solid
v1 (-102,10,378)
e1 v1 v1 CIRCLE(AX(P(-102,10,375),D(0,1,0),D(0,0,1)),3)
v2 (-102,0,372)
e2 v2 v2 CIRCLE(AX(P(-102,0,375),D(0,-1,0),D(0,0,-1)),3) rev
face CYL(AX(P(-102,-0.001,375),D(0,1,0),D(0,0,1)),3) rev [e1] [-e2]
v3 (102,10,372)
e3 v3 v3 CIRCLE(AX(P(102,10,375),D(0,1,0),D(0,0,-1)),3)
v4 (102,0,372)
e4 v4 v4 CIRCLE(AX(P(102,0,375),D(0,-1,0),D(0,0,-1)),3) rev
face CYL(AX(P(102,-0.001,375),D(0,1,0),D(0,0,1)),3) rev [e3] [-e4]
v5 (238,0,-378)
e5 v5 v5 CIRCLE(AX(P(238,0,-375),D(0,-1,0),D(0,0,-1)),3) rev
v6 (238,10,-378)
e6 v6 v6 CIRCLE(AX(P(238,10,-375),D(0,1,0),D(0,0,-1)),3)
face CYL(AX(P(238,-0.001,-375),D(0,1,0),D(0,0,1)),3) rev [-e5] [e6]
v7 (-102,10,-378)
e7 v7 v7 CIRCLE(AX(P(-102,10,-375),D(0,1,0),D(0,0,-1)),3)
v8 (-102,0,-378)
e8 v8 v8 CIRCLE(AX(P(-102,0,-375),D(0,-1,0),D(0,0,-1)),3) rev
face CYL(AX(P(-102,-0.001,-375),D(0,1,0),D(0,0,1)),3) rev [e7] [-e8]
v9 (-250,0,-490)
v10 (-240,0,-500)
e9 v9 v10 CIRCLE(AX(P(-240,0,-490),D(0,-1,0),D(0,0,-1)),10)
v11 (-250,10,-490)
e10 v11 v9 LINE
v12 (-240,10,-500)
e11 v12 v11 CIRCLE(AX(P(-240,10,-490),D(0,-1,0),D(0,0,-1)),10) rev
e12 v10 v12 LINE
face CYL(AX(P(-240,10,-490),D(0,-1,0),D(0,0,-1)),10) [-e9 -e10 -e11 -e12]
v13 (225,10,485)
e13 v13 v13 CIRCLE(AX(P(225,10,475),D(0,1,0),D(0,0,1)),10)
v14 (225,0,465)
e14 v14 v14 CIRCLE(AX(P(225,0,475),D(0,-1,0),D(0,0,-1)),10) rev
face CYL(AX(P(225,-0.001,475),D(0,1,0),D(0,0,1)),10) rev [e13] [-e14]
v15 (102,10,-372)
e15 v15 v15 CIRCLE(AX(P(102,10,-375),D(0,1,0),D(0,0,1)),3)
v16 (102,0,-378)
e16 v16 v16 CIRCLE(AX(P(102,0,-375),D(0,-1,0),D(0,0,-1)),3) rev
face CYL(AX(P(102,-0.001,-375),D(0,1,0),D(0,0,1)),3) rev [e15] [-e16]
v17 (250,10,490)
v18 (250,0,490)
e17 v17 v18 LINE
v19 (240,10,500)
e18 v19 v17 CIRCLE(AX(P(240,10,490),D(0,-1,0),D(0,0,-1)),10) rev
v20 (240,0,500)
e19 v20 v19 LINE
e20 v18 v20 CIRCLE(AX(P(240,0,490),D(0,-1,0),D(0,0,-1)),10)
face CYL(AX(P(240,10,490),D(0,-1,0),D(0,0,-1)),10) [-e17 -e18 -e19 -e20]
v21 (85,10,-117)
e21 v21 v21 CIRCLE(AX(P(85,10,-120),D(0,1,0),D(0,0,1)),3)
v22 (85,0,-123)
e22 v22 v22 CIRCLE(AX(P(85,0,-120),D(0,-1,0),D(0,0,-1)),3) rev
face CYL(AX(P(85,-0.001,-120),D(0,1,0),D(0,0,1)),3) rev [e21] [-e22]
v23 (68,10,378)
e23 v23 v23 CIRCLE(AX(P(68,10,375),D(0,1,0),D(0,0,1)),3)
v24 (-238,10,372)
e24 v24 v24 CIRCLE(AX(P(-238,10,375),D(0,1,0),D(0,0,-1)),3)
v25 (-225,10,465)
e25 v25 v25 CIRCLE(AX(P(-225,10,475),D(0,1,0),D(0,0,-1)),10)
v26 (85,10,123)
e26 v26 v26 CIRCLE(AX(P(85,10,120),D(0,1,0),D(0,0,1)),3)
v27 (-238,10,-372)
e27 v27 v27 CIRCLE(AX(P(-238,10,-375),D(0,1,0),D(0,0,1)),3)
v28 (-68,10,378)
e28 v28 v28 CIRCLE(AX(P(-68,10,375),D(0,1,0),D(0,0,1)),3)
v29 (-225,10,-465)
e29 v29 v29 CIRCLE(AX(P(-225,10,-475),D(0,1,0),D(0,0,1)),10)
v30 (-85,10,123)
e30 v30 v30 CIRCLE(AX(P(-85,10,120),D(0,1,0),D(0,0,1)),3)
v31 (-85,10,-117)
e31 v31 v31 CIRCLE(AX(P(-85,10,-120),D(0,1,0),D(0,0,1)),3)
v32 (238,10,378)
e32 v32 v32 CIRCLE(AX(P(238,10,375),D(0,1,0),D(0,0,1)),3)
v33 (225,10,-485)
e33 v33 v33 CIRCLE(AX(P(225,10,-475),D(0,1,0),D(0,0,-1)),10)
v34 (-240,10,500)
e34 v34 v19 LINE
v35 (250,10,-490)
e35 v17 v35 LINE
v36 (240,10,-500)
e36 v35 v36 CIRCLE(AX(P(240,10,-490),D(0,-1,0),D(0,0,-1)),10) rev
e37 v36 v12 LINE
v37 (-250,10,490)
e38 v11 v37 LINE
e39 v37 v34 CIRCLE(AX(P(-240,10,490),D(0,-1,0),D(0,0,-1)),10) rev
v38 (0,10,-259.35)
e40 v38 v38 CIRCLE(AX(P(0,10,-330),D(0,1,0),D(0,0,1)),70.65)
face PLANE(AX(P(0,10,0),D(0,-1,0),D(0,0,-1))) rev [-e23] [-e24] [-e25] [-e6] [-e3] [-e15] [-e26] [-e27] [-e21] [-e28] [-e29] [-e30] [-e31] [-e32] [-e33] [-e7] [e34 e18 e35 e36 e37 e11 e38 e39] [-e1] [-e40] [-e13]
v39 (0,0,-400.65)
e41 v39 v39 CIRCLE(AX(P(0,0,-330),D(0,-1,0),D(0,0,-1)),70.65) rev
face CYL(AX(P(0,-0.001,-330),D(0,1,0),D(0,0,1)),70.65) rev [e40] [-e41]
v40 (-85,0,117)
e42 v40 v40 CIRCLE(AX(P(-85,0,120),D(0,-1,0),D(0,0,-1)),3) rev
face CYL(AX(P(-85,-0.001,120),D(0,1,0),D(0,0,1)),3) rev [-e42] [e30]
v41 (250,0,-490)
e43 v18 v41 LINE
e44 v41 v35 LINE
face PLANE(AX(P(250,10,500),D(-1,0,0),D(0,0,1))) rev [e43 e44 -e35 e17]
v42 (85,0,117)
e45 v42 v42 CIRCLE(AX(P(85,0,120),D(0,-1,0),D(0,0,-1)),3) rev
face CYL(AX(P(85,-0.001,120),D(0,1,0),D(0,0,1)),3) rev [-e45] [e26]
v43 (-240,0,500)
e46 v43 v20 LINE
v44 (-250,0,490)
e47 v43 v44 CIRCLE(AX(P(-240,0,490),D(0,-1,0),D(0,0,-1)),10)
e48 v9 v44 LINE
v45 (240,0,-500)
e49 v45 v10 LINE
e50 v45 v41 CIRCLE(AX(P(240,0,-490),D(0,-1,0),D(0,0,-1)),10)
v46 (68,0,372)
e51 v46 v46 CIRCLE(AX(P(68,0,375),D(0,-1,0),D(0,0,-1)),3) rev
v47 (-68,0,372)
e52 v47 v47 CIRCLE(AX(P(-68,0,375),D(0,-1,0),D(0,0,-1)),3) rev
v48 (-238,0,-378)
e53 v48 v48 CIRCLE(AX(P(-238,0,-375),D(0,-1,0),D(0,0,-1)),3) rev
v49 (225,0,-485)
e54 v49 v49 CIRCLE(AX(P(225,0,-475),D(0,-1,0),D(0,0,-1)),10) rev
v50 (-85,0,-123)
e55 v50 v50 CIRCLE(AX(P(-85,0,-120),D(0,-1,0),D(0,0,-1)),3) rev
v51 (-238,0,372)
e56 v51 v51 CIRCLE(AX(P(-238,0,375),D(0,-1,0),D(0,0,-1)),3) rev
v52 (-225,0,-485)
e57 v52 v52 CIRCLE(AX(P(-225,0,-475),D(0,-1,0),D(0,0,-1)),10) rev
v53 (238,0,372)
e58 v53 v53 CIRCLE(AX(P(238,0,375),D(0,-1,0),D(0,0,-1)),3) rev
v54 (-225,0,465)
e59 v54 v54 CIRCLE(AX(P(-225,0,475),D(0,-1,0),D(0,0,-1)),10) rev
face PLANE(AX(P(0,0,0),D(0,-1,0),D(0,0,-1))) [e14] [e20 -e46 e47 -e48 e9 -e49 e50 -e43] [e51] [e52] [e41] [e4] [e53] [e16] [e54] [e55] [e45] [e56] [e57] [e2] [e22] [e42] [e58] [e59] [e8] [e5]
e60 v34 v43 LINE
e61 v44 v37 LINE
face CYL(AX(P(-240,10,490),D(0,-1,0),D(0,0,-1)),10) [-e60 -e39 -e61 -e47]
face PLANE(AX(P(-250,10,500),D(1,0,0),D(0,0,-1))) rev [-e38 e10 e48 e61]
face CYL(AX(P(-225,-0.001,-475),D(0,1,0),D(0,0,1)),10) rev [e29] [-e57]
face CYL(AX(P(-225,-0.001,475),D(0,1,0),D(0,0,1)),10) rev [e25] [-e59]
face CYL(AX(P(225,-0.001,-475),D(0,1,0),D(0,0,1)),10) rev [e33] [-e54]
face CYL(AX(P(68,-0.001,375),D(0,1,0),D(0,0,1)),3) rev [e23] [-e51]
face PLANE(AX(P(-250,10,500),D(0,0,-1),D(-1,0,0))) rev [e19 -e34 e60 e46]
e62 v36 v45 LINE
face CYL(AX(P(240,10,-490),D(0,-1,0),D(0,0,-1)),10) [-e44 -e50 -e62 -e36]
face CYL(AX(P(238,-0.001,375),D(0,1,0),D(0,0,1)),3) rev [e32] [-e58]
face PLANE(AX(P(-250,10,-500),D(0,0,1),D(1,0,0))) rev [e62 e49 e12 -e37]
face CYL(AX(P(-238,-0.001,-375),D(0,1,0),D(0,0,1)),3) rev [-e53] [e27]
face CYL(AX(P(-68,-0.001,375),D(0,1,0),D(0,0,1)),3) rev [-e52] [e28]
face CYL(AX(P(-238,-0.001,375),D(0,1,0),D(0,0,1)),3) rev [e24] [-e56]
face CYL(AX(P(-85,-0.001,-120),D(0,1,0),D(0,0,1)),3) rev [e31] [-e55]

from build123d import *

# Parameters (mm, degrees)
SKETCH1_W                  = 500
SKETCH1_H                  = 1000
BOSS_EXTRUDE1_DEPTH        = 10
LO_BAT_XUONG_DAT_REACH     = 12
SKETCH2_R                  = 10
FILLET1_R                  = 10
CUT_EXTRUDE2_REACH         = 12
SKETCH3_R                  = 70.65
BAT_CHAN_DE_KHOP_NOI_REACH = 12
SKETCH4_R                  = 3
CUT_EXTRUDE3_REACH         = 12
SKETCH6_R                  = 3


with BuildPart() as part:
    # Sketch1 → Boss-Extrude1 (new body)
    with BuildSketch(Plane(origin=(0, 0, 0), x_dir=(1, 0, 0), z_dir=(0, 1, 0))):
        Rectangle(SKETCH1_W, SKETCH1_H)
    extrude(amount=BOSS_EXTRUDE1_DEPTH)

    # Sketch2 → lo bat xuong dat (cut, up to next)
    with BuildSketch(Plane(origin=(0, 10, 0), x_dir=(1, 0, 0), z_dir=(0, 1, 0)), mode=Mode.PRIVATE) as lo_bat_xuong_dat_sk1:
        with Locations((-225, 475)):
            Circle(SKETCH2_R)
    lo_bat_xuong_dat_tool1 = extrude(lo_bat_xuong_dat_sk1.sketch, amount=-LO_BAT_XUONG_DAT_REACH, mode=Mode.PRIVATE) & part.part
    add(lo_bat_xuong_dat_tool1.solids().sort_by_distance((-225, 10, -475))[0], mode=Mode.SUBTRACT)
    # Sketch2 → lo bat xuong dat (cut, up to next)
    with BuildSketch(Plane(origin=(0, 10, 0), x_dir=(1, 0, 0), z_dir=(0, 1, 0)), mode=Mode.PRIVATE) as lo_bat_xuong_dat_sk2:
        with Locations((225, 475)):
            Circle(SKETCH2_R)
    lo_bat_xuong_dat_tool2 = extrude(lo_bat_xuong_dat_sk2.sketch, amount=-LO_BAT_XUONG_DAT_REACH, mode=Mode.PRIVATE) & part.part
    add(lo_bat_xuong_dat_tool2.solids().sort_by_distance((225, 10, -475))[0], mode=Mode.SUBTRACT)
    # Sketch2 → lo bat xuong dat (cut, up to next)
    with BuildSketch(Plane(origin=(0, 10, 0), x_dir=(1, 0, 0), z_dir=(0, 1, 0)), mode=Mode.PRIVATE) as lo_bat_xuong_dat_sk3:
        with Locations((-225, -475)):
            Circle(SKETCH2_R)
    lo_bat_xuong_dat_tool3 = extrude(lo_bat_xuong_dat_sk3.sketch, amount=-LO_BAT_XUONG_DAT_REACH, mode=Mode.PRIVATE) & part.part
    add(lo_bat_xuong_dat_tool3.solids().sort_by_distance((-225, 10, 475))[0], mode=Mode.SUBTRACT)
    # Sketch2 → lo bat xuong dat (cut, up to next)
    with BuildSketch(Plane(origin=(0, 10, 0), x_dir=(1, 0, 0), z_dir=(0, 1, 0)), mode=Mode.PRIVATE) as lo_bat_xuong_dat_sk4:
        with Locations((225, -475)):
            Circle(SKETCH2_R)
    lo_bat_xuong_dat_tool4 = extrude(lo_bat_xuong_dat_sk4.sketch, amount=-LO_BAT_XUONG_DAT_REACH, mode=Mode.PRIVATE) & part.part
    add(lo_bat_xuong_dat_tool4.solids().sort_by_distance((225, 10, 475))[0], mode=Mode.SUBTRACT)

    # Fillet1
    fillet1_edges = [part.edges().sort_by_distance(p)[0] for p in [
        (250, 5, 500),
        (-250, 5, 500),
        (-250, 5, -500),
        (250, 5, -500),
    ]]
    fillet(fillet1_edges, radius=FILLET1_R)

    # Sketch3 → Cut-Extrude2 (cut, up to next)
    with BuildSketch(Plane(origin=(0, 10, 0), x_dir=(1, 0, 0), z_dir=(0, 1, 0)), mode=Mode.PRIVATE) as cut_extrude2_sk1:
        with Locations((0, 330)):
            Circle(SKETCH3_R)
    cut_extrude2_tool1 = extrude(cut_extrude2_sk1.sketch, amount=-CUT_EXTRUDE2_REACH, mode=Mode.PRIVATE) & part.part
    add(cut_extrude2_tool1.solids().sort_by_distance((0, 10, -330))[0], mode=Mode.SUBTRACT)

    # Sketch4 → bat chan de khop noi (cut, up to next)
    with BuildSketch(Plane(origin=(0, 10, 0), x_dir=(1, 0, 0), z_dir=(0, 1, 0)), mode=Mode.PRIVATE) as bat_chan_de_khop_noi_sk1:
        with Locations((-85, 120)):
            Circle(SKETCH4_R)
    bat_chan_de_khop_noi_tool1 = extrude(bat_chan_de_khop_noi_sk1.sketch, amount=-BAT_CHAN_DE_KHOP_NOI_REACH, mode=Mode.PRIVATE) & part.part
    add(bat_chan_de_khop_noi_tool1.solids().sort_by_distance((-85, 10, -120))[0], mode=Mode.SUBTRACT)
    # Sketch4 → bat chan de khop noi (cut, up to next)
    with BuildSketch(Plane(origin=(0, 10, 0), x_dir=(1, 0, 0), z_dir=(0, 1, 0)), mode=Mode.PRIVATE) as bat_chan_de_khop_noi_sk2:
        with Locations((85, 120)):
            Circle(SKETCH4_R)
    bat_chan_de_khop_noi_tool2 = extrude(bat_chan_de_khop_noi_sk2.sketch, amount=-BAT_CHAN_DE_KHOP_NOI_REACH, mode=Mode.PRIVATE) & part.part
    add(bat_chan_de_khop_noi_tool2.solids().sort_by_distance((85, 10, -120))[0], mode=Mode.SUBTRACT)
    # Sketch4 → bat chan de khop noi (cut, up to next)
    with BuildSketch(Plane(origin=(0, 10, 0), x_dir=(1, 0, 0), z_dir=(0, 1, 0)), mode=Mode.PRIVATE) as bat_chan_de_khop_noi_sk3:
        with Locations((85, -120)):
            Circle(SKETCH4_R)
    bat_chan_de_khop_noi_tool3 = extrude(bat_chan_de_khop_noi_sk3.sketch, amount=-BAT_CHAN_DE_KHOP_NOI_REACH, mode=Mode.PRIVATE) & part.part
    add(bat_chan_de_khop_noi_tool3.solids().sort_by_distance((85, 10, 120))[0], mode=Mode.SUBTRACT)
    # Sketch4 → bat chan de khop noi (cut, up to next)
    with BuildSketch(Plane(origin=(0, 10, 0), x_dir=(1, 0, 0), z_dir=(0, 1, 0)), mode=Mode.PRIVATE) as bat_chan_de_khop_noi_sk4:
        with Locations((-85, -120)):
            Circle(SKETCH4_R)
    bat_chan_de_khop_noi_tool4 = extrude(bat_chan_de_khop_noi_sk4.sketch, amount=-BAT_CHAN_DE_KHOP_NOI_REACH, mode=Mode.PRIVATE) & part.part
    add(bat_chan_de_khop_noi_tool4.solids().sort_by_distance((-85, 10, 120))[0], mode=Mode.SUBTRACT)

    # Sketch6 → Cut-Extrude3 (cut, up to next)
    with BuildSketch(Plane(origin=(0, 10, 0), x_dir=(1, 0, 0), z_dir=(0, 1, 0)), mode=Mode.PRIVATE) as cut_extrude3_sk1:
        with Locations((238, -375)):
            Circle(SKETCH6_R)
    cut_extrude3_tool1 = extrude(cut_extrude3_sk1.sketch, amount=-CUT_EXTRUDE3_REACH, mode=Mode.PRIVATE) & part.part
    add(cut_extrude3_tool1.solids().sort_by_distance((238, 10, 375))[0], mode=Mode.SUBTRACT)
    # Sketch6 → Cut-Extrude3 (cut, up to next)
    with BuildSketch(Plane(origin=(0, 10, 0), x_dir=(1, 0, 0), z_dir=(0, 1, 0)), mode=Mode.PRIVATE) as cut_extrude3_sk2:
        with Locations((102, -375)):
            Circle(SKETCH6_R)
    cut_extrude3_tool2 = extrude(cut_extrude3_sk2.sketch, amount=-CUT_EXTRUDE3_REACH, mode=Mode.PRIVATE) & part.part
    add(cut_extrude3_tool2.solids().sort_by_distance((102, 10, 375))[0], mode=Mode.SUBTRACT)
    # Sketch6 → Cut-Extrude3 (cut, up to next)
    with BuildSketch(Plane(origin=(0, 10, 0), x_dir=(1, 0, 0), z_dir=(0, 1, 0)), mode=Mode.PRIVATE) as cut_extrude3_sk3:
        with Locations((-102, -375)):
            Circle(SKETCH6_R)
    cut_extrude3_tool3 = extrude(cut_extrude3_sk3.sketch, amount=-CUT_EXTRUDE3_REACH, mode=Mode.PRIVATE) & part.part
    add(cut_extrude3_tool3.solids().sort_by_distance((-102, 10, 375))[0], mode=Mode.SUBTRACT)
    # Sketch6 → Cut-Extrude3 (cut, up to next)
    with BuildSketch(Plane(origin=(0, 10, 0), x_dir=(1, 0, 0), z_dir=(0, 1, 0)), mode=Mode.PRIVATE) as cut_extrude3_sk4:
        with Locations((-238, -375)):
            Circle(SKETCH6_R)
    cut_extrude3_tool4 = extrude(cut_extrude3_sk4.sketch, amount=-CUT_EXTRUDE3_REACH, mode=Mode.PRIVATE) & part.part
    add(cut_extrude3_tool4.solids().sort_by_distance((-238, 10, 375))[0], mode=Mode.SUBTRACT)
    # Sketch6 → Cut-Extrude3 (cut, up to next)
    with BuildSketch(Plane(origin=(0, 10, 0), x_dir=(1, 0, 0), z_dir=(0, 1, 0)), mode=Mode.PRIVATE) as cut_extrude3_sk5:
        with Locations((-238, 375)):
            Circle(SKETCH6_R)
    cut_extrude3_tool5 = extrude(cut_extrude3_sk5.sketch, amount=-CUT_EXTRUDE3_REACH, mode=Mode.PRIVATE) & part.part
    add(cut_extrude3_tool5.solids().sort_by_distance((-238, 10, -375))[0], mode=Mode.SUBTRACT)
    # Sketch6 → Cut-Extrude3 (cut, up to next)
    with BuildSketch(Plane(origin=(0, 10, 0), x_dir=(1, 0, 0), z_dir=(0, 1, 0)), mode=Mode.PRIVATE) as cut_extrude3_sk6:
        with Locations((-102, 375)):
            Circle(SKETCH6_R)
    cut_extrude3_tool6 = extrude(cut_extrude3_sk6.sketch, amount=-CUT_EXTRUDE3_REACH, mode=Mode.PRIVATE) & part.part
    add(cut_extrude3_tool6.solids().sort_by_distance((-102, 10, -375))[0], mode=Mode.SUBTRACT)
    # Sketch6 → Cut-Extrude3 (cut, up to next)
    with BuildSketch(Plane(origin=(0, 10, 0), x_dir=(1, 0, 0), z_dir=(0, 1, 0)), mode=Mode.PRIVATE) as cut_extrude3_sk7:
        with Locations((102, 375)):
            Circle(SKETCH6_R)
    cut_extrude3_tool7 = extrude(cut_extrude3_sk7.sketch, amount=-CUT_EXTRUDE3_REACH, mode=Mode.PRIVATE) & part.part
    add(cut_extrude3_tool7.solids().sort_by_distance((102, 10, -375))[0], mode=Mode.SUBTRACT)
    # Sketch6 → Cut-Extrude3 (cut, up to next)
    with BuildSketch(Plane(origin=(0, 10, 0), x_dir=(1, 0, 0), z_dir=(0, 1, 0)), mode=Mode.PRIVATE) as cut_extrude3_sk8:
        with Locations((238, 375)):
            Circle(SKETCH6_R)
    cut_extrude3_tool8 = extrude(cut_extrude3_sk8.sketch, amount=-CUT_EXTRUDE3_REACH, mode=Mode.PRIVATE) & part.part
    add(cut_extrude3_tool8.solids().sort_by_distance((238, 10, -375))[0], mode=Mode.SUBTRACT)
    # Sketch6 → Cut-Extrude3 (cut, up to next)
    with BuildSketch(Plane(origin=(0, 10, 0), x_dir=(1, 0, 0), z_dir=(0, 1, 0)), mode=Mode.PRIVATE) as cut_extrude3_sk9:
        with Locations((68, -375)):
            Circle(SKETCH6_R)
    cut_extrude3_tool9 = extrude(cut_extrude3_sk9.sketch, amount=-CUT_EXTRUDE3_REACH, mode=Mode.PRIVATE) & part.part
    add(cut_extrude3_tool9.solids().sort_by_distance((68, 10, 375))[0], mode=Mode.SUBTRACT)
    # Sketch6 → Cut-Extrude3 (cut, up to next)
    with BuildSketch(Plane(origin=(0, 10, 0), x_dir=(1, 0, 0), z_dir=(0, 1, 0)), mode=Mode.PRIVATE) as cut_extrude3_sk10:
        with Locations((-68, -375)):
            Circle(SKETCH6_R)
    cut_extrude3_tool10 = extrude(cut_extrude3_sk10.sketch, amount=-CUT_EXTRUDE3_REACH, mode=Mode.PRIVATE) & part.part
    add(cut_extrude3_tool10.solids().sort_by_distance((-68, 10, 375))[0], mode=Mode.SUBTRACT)


solid = part.part
